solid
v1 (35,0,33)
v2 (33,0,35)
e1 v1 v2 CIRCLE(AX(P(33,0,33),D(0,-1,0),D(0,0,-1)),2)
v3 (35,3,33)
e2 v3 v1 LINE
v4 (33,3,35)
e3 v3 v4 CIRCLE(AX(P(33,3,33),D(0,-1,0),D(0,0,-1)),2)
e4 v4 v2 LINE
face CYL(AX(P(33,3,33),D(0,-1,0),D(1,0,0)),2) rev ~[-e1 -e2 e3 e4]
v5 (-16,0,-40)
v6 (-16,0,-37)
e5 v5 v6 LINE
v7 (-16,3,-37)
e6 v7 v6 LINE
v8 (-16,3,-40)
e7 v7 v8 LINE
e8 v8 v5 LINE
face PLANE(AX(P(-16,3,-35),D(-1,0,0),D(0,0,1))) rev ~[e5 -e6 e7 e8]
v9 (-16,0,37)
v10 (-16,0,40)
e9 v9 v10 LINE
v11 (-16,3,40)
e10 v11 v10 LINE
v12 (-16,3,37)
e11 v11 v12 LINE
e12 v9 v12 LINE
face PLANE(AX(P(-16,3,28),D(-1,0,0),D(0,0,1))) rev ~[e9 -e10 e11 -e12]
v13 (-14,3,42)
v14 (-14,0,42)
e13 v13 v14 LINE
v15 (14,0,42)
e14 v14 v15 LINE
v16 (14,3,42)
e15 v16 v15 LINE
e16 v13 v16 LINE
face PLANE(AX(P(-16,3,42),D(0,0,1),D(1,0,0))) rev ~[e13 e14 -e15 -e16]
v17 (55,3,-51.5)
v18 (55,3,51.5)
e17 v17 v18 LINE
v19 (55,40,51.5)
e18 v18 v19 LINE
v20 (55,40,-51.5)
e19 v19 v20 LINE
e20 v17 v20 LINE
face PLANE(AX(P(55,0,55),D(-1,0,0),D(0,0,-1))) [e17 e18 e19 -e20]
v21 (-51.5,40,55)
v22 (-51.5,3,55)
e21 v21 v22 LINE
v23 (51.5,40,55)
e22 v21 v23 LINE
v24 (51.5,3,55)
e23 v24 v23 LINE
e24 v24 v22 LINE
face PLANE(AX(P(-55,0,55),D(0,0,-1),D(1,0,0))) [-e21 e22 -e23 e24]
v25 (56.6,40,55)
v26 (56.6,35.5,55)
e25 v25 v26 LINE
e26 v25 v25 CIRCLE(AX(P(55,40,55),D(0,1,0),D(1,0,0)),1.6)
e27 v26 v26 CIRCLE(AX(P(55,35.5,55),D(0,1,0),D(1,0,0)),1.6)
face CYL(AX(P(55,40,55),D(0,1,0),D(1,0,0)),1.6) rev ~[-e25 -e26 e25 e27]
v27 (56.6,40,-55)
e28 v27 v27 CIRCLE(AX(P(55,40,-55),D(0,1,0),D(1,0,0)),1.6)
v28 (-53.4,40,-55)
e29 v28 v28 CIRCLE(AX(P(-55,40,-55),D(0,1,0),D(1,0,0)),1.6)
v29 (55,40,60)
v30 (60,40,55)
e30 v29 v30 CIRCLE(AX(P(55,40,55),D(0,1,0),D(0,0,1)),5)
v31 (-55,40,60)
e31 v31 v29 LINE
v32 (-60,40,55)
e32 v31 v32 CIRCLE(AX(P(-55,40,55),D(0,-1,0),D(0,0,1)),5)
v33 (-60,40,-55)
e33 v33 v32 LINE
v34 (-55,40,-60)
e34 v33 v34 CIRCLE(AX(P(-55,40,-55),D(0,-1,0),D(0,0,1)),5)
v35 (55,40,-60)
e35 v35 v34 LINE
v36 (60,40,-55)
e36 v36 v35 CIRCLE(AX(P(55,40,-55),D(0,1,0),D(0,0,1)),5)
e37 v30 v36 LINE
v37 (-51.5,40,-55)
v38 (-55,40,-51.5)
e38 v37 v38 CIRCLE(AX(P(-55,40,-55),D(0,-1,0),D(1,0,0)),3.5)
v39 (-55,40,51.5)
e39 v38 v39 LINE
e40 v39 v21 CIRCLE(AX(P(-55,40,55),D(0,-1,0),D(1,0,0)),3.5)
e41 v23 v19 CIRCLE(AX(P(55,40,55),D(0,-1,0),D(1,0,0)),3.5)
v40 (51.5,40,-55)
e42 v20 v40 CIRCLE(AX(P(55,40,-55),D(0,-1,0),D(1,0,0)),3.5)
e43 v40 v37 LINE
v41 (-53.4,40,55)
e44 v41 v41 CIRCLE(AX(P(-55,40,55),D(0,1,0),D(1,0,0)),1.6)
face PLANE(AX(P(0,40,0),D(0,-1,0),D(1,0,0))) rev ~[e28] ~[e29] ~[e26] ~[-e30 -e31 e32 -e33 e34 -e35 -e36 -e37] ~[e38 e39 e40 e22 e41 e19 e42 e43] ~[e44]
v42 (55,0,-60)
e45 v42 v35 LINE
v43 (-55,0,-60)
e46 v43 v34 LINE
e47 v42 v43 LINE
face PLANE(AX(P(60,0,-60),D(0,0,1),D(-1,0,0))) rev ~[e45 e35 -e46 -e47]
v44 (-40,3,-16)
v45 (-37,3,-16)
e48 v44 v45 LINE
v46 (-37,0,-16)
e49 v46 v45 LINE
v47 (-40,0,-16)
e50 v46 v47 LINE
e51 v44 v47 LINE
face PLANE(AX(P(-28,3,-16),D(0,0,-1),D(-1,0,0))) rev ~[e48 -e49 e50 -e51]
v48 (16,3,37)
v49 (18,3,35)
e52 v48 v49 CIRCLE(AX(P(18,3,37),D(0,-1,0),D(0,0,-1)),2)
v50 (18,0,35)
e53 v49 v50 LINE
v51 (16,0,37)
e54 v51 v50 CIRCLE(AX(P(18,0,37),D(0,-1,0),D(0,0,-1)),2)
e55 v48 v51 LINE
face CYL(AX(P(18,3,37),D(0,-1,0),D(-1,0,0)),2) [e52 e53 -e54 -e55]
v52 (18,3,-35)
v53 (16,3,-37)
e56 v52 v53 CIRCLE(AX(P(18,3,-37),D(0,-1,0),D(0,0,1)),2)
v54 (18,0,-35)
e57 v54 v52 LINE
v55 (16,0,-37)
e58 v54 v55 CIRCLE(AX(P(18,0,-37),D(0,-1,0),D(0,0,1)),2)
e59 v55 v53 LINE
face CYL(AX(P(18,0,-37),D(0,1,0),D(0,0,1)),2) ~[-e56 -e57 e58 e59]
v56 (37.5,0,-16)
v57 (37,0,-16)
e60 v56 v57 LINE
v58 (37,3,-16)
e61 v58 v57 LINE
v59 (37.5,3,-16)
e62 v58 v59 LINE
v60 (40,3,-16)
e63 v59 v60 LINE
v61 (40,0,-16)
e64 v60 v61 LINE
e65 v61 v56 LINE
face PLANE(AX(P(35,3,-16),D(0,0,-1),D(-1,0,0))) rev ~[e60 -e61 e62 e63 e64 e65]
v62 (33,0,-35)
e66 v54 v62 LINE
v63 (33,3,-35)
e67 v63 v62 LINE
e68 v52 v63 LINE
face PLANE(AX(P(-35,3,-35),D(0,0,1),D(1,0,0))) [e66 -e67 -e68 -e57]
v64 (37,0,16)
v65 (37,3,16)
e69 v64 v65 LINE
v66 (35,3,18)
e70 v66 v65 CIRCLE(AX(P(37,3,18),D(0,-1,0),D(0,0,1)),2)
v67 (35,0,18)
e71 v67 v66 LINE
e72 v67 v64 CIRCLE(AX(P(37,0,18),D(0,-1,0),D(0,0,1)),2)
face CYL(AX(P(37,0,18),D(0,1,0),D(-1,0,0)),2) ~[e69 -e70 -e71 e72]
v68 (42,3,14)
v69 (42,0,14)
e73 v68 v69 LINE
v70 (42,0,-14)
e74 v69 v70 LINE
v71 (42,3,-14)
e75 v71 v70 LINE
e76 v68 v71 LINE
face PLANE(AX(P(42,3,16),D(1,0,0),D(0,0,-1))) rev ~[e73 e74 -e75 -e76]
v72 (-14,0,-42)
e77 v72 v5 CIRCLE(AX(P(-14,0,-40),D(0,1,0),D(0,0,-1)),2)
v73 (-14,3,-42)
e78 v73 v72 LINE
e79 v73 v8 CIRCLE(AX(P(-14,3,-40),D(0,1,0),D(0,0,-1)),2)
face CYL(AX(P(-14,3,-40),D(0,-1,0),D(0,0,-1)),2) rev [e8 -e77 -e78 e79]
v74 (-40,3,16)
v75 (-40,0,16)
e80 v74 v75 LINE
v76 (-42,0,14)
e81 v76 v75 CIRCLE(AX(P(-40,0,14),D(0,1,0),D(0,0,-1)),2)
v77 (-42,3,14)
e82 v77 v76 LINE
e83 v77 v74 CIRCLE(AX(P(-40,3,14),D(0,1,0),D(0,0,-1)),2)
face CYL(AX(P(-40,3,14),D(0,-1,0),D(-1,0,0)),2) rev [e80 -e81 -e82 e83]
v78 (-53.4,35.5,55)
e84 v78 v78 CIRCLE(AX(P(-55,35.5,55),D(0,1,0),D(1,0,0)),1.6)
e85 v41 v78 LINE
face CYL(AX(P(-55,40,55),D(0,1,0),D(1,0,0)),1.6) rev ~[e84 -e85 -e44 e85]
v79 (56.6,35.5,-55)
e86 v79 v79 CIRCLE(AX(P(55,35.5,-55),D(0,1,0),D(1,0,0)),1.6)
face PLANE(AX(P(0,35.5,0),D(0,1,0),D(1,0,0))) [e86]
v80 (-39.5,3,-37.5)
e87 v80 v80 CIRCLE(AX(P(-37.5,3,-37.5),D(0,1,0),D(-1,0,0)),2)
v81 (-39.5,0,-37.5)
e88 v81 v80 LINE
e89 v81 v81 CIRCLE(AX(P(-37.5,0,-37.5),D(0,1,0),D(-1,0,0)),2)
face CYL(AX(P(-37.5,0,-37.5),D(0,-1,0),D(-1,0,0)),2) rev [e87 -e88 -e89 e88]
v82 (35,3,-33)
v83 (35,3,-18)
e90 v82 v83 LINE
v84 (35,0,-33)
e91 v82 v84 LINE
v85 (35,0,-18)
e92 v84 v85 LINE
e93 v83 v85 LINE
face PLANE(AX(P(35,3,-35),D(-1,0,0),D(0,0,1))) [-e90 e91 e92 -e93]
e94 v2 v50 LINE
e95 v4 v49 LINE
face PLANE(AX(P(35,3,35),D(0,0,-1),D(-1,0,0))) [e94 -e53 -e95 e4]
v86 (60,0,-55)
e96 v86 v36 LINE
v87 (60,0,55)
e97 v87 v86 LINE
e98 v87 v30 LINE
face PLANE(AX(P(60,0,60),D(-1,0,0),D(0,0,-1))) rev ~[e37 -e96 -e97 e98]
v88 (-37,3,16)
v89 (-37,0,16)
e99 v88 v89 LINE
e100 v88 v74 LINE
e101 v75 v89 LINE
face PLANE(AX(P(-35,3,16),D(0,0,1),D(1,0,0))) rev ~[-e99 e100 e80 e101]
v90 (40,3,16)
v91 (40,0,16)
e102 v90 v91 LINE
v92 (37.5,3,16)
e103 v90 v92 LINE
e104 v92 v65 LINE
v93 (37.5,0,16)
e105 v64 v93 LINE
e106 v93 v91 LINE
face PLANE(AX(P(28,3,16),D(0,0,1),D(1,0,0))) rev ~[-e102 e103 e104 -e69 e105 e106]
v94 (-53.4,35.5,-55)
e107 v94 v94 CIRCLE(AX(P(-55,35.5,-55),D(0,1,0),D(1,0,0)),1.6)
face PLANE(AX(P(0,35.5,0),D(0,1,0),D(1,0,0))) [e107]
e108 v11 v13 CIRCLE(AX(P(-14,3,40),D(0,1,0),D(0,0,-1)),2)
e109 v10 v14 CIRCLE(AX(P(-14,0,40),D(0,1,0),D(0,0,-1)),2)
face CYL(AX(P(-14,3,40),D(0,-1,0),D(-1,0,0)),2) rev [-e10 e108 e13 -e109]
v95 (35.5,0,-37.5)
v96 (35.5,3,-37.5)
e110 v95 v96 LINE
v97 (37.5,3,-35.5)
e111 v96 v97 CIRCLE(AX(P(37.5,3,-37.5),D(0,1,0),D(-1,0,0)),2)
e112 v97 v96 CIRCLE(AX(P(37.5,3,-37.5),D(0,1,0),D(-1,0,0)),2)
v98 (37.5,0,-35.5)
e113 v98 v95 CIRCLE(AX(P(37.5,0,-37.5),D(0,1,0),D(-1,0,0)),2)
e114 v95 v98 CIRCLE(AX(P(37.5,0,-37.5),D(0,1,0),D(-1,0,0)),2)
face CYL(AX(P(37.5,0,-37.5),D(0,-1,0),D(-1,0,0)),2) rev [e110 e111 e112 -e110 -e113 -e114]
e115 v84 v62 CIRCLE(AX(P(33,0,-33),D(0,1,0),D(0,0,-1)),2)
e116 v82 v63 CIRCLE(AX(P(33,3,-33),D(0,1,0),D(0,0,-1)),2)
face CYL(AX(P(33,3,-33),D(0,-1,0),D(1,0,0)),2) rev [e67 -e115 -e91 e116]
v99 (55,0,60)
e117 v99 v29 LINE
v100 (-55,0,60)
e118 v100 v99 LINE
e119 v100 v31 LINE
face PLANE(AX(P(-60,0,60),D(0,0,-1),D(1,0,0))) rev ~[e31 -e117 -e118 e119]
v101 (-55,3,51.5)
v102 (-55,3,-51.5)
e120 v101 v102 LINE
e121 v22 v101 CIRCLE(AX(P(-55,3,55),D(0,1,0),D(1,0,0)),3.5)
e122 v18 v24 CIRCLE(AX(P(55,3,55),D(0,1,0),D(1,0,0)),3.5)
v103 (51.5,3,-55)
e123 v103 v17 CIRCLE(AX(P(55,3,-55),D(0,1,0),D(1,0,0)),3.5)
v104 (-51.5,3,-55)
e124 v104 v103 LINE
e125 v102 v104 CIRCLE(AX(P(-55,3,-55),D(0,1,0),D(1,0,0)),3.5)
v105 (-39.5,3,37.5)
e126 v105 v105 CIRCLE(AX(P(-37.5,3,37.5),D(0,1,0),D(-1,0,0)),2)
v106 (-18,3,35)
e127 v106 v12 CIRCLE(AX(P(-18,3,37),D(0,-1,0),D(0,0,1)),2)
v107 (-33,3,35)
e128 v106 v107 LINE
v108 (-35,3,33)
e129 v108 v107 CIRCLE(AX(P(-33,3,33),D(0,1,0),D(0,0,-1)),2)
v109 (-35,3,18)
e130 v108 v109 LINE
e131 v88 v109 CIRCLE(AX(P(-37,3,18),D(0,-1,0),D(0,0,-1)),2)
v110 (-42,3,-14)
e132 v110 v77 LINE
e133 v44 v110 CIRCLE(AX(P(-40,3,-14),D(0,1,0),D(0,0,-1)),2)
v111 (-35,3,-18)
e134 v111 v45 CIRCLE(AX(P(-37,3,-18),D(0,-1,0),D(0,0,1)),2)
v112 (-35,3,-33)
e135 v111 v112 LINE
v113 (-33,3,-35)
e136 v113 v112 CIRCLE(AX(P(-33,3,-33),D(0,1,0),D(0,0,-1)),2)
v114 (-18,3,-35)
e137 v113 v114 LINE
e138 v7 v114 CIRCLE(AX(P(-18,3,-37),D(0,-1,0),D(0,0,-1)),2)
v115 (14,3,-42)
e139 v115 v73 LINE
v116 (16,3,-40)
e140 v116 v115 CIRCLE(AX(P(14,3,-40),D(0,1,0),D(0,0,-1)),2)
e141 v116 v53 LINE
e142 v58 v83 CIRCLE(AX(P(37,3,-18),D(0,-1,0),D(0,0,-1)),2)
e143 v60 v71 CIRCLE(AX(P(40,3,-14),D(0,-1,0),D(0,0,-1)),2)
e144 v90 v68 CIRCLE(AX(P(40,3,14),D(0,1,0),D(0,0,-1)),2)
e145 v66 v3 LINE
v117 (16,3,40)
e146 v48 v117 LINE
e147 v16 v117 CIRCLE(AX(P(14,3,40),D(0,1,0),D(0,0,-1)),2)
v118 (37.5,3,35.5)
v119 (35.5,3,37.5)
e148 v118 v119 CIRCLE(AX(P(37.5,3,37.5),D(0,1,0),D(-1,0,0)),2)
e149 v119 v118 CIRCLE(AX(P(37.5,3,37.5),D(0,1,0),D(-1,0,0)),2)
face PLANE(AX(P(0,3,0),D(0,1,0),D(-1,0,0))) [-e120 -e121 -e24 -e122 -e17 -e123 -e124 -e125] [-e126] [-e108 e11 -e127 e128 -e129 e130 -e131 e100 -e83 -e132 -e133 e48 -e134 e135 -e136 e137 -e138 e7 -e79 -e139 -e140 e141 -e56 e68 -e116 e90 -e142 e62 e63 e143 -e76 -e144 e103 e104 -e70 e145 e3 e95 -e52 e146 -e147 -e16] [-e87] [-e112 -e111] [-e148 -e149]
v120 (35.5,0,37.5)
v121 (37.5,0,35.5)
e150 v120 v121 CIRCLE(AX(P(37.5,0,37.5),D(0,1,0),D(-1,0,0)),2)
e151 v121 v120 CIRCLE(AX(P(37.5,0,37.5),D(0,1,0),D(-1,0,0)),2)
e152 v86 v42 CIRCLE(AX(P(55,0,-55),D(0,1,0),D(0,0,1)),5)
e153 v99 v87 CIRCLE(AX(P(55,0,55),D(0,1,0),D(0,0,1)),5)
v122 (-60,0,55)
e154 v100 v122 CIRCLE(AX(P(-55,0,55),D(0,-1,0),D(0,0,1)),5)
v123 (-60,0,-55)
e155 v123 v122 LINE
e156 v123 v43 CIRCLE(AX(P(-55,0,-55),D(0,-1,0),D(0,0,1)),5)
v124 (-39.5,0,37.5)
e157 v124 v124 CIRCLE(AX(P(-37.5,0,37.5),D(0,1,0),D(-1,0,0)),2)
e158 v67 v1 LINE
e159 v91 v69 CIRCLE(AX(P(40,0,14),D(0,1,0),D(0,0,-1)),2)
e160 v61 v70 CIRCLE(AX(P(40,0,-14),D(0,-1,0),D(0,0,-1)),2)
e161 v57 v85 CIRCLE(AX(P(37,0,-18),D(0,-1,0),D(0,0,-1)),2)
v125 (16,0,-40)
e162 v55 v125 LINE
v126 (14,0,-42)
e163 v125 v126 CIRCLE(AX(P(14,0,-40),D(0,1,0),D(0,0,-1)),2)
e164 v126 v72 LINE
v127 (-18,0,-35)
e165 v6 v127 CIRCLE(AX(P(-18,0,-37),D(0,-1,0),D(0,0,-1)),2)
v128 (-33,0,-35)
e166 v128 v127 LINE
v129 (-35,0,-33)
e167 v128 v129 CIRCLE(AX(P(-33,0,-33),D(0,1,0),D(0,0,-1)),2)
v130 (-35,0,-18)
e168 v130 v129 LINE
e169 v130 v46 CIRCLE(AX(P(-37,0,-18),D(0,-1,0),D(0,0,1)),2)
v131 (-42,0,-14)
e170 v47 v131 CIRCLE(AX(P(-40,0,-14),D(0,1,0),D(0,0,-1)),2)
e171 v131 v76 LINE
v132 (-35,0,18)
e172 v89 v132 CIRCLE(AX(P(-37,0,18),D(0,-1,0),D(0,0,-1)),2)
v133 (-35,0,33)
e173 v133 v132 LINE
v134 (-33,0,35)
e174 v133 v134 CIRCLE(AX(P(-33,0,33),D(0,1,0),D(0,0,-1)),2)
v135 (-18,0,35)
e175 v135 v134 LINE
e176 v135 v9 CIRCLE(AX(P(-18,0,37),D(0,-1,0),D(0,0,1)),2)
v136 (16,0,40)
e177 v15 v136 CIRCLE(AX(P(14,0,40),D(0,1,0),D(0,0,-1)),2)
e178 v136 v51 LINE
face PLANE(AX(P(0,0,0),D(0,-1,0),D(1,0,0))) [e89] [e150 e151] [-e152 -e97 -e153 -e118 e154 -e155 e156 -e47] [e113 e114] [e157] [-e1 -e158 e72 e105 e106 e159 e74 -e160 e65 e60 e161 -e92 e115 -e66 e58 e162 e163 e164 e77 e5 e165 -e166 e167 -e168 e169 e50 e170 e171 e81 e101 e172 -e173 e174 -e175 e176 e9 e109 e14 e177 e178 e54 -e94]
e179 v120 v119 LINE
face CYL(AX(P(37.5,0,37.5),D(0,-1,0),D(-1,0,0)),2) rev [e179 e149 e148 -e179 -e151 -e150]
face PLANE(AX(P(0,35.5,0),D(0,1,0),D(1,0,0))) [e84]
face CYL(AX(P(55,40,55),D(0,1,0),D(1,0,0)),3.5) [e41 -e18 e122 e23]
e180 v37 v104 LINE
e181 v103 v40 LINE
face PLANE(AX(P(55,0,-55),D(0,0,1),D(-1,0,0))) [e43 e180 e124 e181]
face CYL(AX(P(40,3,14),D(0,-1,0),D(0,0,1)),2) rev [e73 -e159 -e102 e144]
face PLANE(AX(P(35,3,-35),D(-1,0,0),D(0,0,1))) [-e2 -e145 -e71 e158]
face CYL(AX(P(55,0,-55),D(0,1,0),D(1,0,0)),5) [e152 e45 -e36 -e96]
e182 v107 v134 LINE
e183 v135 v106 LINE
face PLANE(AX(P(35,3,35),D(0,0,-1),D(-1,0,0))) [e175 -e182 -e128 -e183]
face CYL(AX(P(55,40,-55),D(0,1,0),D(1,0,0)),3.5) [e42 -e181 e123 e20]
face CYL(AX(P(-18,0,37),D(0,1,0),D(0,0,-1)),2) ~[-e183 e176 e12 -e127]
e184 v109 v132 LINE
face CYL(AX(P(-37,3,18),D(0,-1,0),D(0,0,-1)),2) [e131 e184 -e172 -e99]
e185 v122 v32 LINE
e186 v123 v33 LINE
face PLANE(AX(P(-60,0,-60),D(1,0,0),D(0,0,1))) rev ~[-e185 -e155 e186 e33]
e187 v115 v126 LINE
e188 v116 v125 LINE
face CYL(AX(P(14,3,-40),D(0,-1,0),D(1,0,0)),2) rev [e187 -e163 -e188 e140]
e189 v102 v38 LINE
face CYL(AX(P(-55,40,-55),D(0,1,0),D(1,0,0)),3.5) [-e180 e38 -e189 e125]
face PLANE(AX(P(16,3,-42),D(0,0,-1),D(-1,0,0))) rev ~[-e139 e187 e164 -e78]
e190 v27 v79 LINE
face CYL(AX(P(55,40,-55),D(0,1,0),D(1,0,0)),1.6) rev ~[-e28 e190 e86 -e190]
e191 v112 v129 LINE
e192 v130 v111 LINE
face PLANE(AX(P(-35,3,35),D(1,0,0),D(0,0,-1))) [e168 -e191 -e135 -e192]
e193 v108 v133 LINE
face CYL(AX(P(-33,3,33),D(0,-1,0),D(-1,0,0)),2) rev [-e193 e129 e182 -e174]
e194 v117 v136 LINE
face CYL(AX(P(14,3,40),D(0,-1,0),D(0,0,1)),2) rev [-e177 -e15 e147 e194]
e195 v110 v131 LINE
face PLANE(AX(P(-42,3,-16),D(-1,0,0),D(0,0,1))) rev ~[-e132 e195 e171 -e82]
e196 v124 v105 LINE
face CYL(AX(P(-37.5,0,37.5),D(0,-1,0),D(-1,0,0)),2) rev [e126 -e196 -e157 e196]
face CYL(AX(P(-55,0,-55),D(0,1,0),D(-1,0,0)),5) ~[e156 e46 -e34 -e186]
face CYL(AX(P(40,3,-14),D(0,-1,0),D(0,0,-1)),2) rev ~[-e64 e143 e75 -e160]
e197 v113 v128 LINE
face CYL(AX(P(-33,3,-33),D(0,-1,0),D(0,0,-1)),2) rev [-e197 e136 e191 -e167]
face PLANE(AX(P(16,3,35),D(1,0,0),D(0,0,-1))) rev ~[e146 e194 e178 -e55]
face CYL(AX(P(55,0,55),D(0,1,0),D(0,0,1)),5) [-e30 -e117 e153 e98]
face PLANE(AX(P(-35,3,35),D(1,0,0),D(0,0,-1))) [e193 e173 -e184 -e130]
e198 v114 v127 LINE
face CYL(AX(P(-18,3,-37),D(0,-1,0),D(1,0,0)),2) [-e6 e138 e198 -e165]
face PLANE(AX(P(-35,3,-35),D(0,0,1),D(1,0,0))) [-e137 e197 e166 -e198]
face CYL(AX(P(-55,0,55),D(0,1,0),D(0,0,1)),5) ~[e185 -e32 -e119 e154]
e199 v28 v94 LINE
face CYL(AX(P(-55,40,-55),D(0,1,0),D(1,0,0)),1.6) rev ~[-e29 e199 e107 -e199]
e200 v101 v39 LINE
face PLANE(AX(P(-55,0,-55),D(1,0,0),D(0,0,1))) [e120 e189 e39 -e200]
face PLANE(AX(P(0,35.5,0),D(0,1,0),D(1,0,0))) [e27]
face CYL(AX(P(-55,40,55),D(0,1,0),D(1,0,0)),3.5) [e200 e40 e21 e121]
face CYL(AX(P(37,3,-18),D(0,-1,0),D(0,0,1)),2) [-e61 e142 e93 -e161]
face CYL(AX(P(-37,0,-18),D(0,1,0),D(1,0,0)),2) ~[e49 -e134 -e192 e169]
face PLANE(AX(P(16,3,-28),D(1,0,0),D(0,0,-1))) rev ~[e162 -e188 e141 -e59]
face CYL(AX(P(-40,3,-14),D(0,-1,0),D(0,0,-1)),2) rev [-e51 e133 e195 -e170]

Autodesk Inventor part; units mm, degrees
ref_plane "YZ Plane" through (0, 0, 0) normal (1, 0, 0) x (0, 1, 0)
ref_plane "XZ Plane" through (0, 0, 0) normal (0, 1, 0) x (-1, 0, 0)
ref_plane "XY Plane" through (0, 0, 0) normal (0, 0, 1) x (1, 0, 0)
sketch "Sketch1" plane through (0, 0, 0) normal (0, 1, 0) x (-1, 0, 0)
  line L0 (-55, 55) -> (55, 55)
  line L1 (55, 55) -> (55, -55)
  line L2 (55, -55) -> (-55, -55)
  line L3 (-55, -55) -> (-55, 55)
  line L4 (-55, 55) -> (55, -55) construction
  line L5 (55, 55) -> (-55, -55) construction
  line L6 (-12.5, 37.5) -> (12.5, 37.5) construction
  line L7 (12.5, 37.5) -> (12.5, -37.5) construction
  line L8 (12.5, -37.5) -> (-12.5, -37.5) construction
  line L9 (-12.5, -37.5) -> (-12.5, 37.5) construction
  line L10 (-12.5, 37.5) -> (12.5, -37.5) construction
  line L11 (12.5, 37.5) -> (-12.5, -37.5) construction
  line L12 (-37.5, 37.5) -> (37.5, 37.5) construction
  line L13 (37.5, 37.5) -> (37.5, -37.5) construction
  line L14 (37.5, -37.5) -> (-37.5, -37.5) construction
  line L15 (-37.5, -37.5) -> (-37.5, 37.5)
  line L16 (-37.5, 37.5) -> (37.5, -37.5) construction
  line L17 (37.5, 37.5) -> (-37.5, -37.5) construction
  circle A0 centre (37.5, -37.5) radius 2
  circle A1 centre (37.5, 37.5) radius 2
  circle A2 centre (-37.5, 37.5) radius 2
  circle A3 centre (-37.5, -37.5) radius 2
  point P0 (0, 0)
  dimension "d0" = 110
  dimension "d1" = 110
  dimension "d2" = 25
  dimension "d3" = 75
  dimension "d4" = 75
  dimension "d5" = 4
  dimension "d6" = 4
  dimension "d7" = 4
  dimension "d8" = 4
extrude "Extrusion1" add sketch "Sketch1" along normal blind 3
sketch "Sketch3" plane through (0, 3, 0) normal (0, 1, 0) x (1, 0, 0)
  line L0 (35, -35) -> (-35, -35)
  line L1 (-35, -35) -> (-35, 35)
  line L2 (-35, 35) -> (35, 35)
  line L3 (35, 35) -> (35, -35)
  line L4 (35, -35) -> (-35, 35) construction
  line L5 (-35, -35) -> (35, 35) construction
  point P0 (0, 0)
  dimension "d18" = 70
  dimension "d19" = 70
extrude "Extrusion3" cut sketch "Sketch3" against normal blind 3
fillet "Fillet1" radius 2 4 edges at (-35, 1.5, 35) (-35, 1.5, -35) (35, 1.5, -35) (35, 1.5, 35)
sketch "Sketch4" plane through (0, 3, 0) normal (0, 1, 0) x (1, 0, 0)
  line L0 (28, -16) -> (42, -16)
  line L1 (42, -16) -> (42, 16)
  line L2 (42, 16) -> (28, 16)
  line L3 (28, 16) -> (28, -16)
  line L4 (28, -16) -> (42, 16) construction
  line L5 (42, -16) -> (28, 16) construction
  line L6 (35, 33) -> (35, -33) projected
  point P0 (0, 0)
  point P1 (35, 0)
  dimension "d23" = 14
  dimension "d24" = 32
extrude "Extrusion4" cut sketch "Sketch4" against normal blind 3
pattern_circular "Circular Pattern2" count 4 over 360 about axis through (0, 0, 0) along (0, 1, 0) of "Extrusion4"
fillet "Fillet2" radius 2 16 edges at (16, 1.5, 35) (-16, 1.5, 35) (16, 1.5, 42) (-16, 1.5, 42) (-35, 1.5, 16) (-42, 1.5, 16) (-42, 1.5, -16) (-35, 1.5, -16) (-16, 1.5, -35) (-16, 1.5, -42) (16, 1.5, -42) (16, 1.5, -35) (35, 1.5, -16) (42, 1.5, -16) (42, 1.5, 16) (35, 1.5, 16)
sketch "Sketch5" plane through (0, 0, 0) normal (0, -1, 0) x (1, 0, 0)
  line L0 (55, -55) -> (-55, -55) projected
  line L1 (-55, 55) -> (55, 55)
  line L2 (55, 55) -> (55, -55)
  line L3 (55, -55) -> (-55, -55)
  line L4 (-55, -55) -> (-55, 55)
  line L5 (-55, 55) -> (55, -55) construction
  line L6 (55, 55) -> (-55, -55) construction
  line L7 (-60, 60) -> (60, 60)
  line L8 (60, 60) -> (60, -60)
  line L9 (60, -60) -> (-60, -60)
  line L10 (-60, -60) -> (-60, 60)
  line L11 (-60, 60) -> (60, -60) construction
  line L12 (60, 60) -> (-60, -60) construction
  point P0 (0, 0)
  dimension "d31" = 5
extrude "Extrusion5" add sketch "Sketch5" against normal blind 40
sketch "Sketch6" plane through (0, 40, 0) normal (0, 1, 0) x (1, 0, 0)
  line L0 (-55, -55) -> (55, -55) projected
  circle A0 centre (-55, -55) radius 3.5
  line L1 (-55, -55) -> (-55, 55) projected
  circle A1 centre (-55, 55) radius 3.5
  line L2 (55, 55) -> (55, -55) projected
  circle A2 centre (55, 55) radius 3.5
  circle A3 centre (55, -55) radius 3.5
  point P0 (0, 0)
  dimension "d34" = 7
  dimension "d35" = 7
  dimension "d36" = 7
  dimension "d37" = 7
extrude "Extrusion6" add sketch "Sketch6" against normal up to surface (37 mm away)
sketch "Sketch7" plane through (0, 40, 0) normal (0, 1, 0) x (1, 0, 0)
  arc A0 (55, -51.5) -> (51.5, -55) centre (55, -55) ccw projected
  circle A1 centre (55, -55) radius 1.6
  arc A2 (51.5, 55) -> (55, 51.5) centre (55, 55) ccw projected
  circle A3 centre (55, 55) radius 1.6
  arc A4 (-55, 51.5) -> (-51.5, 55) centre (-55, 55) ccw projected
  circle A5 centre (-55, 55) radius 1.6
  arc A6 (-51.5, -55) -> (-55, -51.5) centre (-55, -55) ccw projected
  circle A7 centre (-55, -55) radius 1.6
  point P0 (0, 0)
  dimension "d40" = 3.2
  dimension "d41" = 3.2
  dimension "d42" = 3.2
  dimension "d43" = 3.2
extrude "Extrusion7" cut sketch "Sketch7" against normal blind 4.5
fillet "Fillet3" radius 5 4 edges at (60, 20, -60) (-60, 20, -60) (60, 20, 60) (-60, 20, 60)
properties part number "3D printed box"
